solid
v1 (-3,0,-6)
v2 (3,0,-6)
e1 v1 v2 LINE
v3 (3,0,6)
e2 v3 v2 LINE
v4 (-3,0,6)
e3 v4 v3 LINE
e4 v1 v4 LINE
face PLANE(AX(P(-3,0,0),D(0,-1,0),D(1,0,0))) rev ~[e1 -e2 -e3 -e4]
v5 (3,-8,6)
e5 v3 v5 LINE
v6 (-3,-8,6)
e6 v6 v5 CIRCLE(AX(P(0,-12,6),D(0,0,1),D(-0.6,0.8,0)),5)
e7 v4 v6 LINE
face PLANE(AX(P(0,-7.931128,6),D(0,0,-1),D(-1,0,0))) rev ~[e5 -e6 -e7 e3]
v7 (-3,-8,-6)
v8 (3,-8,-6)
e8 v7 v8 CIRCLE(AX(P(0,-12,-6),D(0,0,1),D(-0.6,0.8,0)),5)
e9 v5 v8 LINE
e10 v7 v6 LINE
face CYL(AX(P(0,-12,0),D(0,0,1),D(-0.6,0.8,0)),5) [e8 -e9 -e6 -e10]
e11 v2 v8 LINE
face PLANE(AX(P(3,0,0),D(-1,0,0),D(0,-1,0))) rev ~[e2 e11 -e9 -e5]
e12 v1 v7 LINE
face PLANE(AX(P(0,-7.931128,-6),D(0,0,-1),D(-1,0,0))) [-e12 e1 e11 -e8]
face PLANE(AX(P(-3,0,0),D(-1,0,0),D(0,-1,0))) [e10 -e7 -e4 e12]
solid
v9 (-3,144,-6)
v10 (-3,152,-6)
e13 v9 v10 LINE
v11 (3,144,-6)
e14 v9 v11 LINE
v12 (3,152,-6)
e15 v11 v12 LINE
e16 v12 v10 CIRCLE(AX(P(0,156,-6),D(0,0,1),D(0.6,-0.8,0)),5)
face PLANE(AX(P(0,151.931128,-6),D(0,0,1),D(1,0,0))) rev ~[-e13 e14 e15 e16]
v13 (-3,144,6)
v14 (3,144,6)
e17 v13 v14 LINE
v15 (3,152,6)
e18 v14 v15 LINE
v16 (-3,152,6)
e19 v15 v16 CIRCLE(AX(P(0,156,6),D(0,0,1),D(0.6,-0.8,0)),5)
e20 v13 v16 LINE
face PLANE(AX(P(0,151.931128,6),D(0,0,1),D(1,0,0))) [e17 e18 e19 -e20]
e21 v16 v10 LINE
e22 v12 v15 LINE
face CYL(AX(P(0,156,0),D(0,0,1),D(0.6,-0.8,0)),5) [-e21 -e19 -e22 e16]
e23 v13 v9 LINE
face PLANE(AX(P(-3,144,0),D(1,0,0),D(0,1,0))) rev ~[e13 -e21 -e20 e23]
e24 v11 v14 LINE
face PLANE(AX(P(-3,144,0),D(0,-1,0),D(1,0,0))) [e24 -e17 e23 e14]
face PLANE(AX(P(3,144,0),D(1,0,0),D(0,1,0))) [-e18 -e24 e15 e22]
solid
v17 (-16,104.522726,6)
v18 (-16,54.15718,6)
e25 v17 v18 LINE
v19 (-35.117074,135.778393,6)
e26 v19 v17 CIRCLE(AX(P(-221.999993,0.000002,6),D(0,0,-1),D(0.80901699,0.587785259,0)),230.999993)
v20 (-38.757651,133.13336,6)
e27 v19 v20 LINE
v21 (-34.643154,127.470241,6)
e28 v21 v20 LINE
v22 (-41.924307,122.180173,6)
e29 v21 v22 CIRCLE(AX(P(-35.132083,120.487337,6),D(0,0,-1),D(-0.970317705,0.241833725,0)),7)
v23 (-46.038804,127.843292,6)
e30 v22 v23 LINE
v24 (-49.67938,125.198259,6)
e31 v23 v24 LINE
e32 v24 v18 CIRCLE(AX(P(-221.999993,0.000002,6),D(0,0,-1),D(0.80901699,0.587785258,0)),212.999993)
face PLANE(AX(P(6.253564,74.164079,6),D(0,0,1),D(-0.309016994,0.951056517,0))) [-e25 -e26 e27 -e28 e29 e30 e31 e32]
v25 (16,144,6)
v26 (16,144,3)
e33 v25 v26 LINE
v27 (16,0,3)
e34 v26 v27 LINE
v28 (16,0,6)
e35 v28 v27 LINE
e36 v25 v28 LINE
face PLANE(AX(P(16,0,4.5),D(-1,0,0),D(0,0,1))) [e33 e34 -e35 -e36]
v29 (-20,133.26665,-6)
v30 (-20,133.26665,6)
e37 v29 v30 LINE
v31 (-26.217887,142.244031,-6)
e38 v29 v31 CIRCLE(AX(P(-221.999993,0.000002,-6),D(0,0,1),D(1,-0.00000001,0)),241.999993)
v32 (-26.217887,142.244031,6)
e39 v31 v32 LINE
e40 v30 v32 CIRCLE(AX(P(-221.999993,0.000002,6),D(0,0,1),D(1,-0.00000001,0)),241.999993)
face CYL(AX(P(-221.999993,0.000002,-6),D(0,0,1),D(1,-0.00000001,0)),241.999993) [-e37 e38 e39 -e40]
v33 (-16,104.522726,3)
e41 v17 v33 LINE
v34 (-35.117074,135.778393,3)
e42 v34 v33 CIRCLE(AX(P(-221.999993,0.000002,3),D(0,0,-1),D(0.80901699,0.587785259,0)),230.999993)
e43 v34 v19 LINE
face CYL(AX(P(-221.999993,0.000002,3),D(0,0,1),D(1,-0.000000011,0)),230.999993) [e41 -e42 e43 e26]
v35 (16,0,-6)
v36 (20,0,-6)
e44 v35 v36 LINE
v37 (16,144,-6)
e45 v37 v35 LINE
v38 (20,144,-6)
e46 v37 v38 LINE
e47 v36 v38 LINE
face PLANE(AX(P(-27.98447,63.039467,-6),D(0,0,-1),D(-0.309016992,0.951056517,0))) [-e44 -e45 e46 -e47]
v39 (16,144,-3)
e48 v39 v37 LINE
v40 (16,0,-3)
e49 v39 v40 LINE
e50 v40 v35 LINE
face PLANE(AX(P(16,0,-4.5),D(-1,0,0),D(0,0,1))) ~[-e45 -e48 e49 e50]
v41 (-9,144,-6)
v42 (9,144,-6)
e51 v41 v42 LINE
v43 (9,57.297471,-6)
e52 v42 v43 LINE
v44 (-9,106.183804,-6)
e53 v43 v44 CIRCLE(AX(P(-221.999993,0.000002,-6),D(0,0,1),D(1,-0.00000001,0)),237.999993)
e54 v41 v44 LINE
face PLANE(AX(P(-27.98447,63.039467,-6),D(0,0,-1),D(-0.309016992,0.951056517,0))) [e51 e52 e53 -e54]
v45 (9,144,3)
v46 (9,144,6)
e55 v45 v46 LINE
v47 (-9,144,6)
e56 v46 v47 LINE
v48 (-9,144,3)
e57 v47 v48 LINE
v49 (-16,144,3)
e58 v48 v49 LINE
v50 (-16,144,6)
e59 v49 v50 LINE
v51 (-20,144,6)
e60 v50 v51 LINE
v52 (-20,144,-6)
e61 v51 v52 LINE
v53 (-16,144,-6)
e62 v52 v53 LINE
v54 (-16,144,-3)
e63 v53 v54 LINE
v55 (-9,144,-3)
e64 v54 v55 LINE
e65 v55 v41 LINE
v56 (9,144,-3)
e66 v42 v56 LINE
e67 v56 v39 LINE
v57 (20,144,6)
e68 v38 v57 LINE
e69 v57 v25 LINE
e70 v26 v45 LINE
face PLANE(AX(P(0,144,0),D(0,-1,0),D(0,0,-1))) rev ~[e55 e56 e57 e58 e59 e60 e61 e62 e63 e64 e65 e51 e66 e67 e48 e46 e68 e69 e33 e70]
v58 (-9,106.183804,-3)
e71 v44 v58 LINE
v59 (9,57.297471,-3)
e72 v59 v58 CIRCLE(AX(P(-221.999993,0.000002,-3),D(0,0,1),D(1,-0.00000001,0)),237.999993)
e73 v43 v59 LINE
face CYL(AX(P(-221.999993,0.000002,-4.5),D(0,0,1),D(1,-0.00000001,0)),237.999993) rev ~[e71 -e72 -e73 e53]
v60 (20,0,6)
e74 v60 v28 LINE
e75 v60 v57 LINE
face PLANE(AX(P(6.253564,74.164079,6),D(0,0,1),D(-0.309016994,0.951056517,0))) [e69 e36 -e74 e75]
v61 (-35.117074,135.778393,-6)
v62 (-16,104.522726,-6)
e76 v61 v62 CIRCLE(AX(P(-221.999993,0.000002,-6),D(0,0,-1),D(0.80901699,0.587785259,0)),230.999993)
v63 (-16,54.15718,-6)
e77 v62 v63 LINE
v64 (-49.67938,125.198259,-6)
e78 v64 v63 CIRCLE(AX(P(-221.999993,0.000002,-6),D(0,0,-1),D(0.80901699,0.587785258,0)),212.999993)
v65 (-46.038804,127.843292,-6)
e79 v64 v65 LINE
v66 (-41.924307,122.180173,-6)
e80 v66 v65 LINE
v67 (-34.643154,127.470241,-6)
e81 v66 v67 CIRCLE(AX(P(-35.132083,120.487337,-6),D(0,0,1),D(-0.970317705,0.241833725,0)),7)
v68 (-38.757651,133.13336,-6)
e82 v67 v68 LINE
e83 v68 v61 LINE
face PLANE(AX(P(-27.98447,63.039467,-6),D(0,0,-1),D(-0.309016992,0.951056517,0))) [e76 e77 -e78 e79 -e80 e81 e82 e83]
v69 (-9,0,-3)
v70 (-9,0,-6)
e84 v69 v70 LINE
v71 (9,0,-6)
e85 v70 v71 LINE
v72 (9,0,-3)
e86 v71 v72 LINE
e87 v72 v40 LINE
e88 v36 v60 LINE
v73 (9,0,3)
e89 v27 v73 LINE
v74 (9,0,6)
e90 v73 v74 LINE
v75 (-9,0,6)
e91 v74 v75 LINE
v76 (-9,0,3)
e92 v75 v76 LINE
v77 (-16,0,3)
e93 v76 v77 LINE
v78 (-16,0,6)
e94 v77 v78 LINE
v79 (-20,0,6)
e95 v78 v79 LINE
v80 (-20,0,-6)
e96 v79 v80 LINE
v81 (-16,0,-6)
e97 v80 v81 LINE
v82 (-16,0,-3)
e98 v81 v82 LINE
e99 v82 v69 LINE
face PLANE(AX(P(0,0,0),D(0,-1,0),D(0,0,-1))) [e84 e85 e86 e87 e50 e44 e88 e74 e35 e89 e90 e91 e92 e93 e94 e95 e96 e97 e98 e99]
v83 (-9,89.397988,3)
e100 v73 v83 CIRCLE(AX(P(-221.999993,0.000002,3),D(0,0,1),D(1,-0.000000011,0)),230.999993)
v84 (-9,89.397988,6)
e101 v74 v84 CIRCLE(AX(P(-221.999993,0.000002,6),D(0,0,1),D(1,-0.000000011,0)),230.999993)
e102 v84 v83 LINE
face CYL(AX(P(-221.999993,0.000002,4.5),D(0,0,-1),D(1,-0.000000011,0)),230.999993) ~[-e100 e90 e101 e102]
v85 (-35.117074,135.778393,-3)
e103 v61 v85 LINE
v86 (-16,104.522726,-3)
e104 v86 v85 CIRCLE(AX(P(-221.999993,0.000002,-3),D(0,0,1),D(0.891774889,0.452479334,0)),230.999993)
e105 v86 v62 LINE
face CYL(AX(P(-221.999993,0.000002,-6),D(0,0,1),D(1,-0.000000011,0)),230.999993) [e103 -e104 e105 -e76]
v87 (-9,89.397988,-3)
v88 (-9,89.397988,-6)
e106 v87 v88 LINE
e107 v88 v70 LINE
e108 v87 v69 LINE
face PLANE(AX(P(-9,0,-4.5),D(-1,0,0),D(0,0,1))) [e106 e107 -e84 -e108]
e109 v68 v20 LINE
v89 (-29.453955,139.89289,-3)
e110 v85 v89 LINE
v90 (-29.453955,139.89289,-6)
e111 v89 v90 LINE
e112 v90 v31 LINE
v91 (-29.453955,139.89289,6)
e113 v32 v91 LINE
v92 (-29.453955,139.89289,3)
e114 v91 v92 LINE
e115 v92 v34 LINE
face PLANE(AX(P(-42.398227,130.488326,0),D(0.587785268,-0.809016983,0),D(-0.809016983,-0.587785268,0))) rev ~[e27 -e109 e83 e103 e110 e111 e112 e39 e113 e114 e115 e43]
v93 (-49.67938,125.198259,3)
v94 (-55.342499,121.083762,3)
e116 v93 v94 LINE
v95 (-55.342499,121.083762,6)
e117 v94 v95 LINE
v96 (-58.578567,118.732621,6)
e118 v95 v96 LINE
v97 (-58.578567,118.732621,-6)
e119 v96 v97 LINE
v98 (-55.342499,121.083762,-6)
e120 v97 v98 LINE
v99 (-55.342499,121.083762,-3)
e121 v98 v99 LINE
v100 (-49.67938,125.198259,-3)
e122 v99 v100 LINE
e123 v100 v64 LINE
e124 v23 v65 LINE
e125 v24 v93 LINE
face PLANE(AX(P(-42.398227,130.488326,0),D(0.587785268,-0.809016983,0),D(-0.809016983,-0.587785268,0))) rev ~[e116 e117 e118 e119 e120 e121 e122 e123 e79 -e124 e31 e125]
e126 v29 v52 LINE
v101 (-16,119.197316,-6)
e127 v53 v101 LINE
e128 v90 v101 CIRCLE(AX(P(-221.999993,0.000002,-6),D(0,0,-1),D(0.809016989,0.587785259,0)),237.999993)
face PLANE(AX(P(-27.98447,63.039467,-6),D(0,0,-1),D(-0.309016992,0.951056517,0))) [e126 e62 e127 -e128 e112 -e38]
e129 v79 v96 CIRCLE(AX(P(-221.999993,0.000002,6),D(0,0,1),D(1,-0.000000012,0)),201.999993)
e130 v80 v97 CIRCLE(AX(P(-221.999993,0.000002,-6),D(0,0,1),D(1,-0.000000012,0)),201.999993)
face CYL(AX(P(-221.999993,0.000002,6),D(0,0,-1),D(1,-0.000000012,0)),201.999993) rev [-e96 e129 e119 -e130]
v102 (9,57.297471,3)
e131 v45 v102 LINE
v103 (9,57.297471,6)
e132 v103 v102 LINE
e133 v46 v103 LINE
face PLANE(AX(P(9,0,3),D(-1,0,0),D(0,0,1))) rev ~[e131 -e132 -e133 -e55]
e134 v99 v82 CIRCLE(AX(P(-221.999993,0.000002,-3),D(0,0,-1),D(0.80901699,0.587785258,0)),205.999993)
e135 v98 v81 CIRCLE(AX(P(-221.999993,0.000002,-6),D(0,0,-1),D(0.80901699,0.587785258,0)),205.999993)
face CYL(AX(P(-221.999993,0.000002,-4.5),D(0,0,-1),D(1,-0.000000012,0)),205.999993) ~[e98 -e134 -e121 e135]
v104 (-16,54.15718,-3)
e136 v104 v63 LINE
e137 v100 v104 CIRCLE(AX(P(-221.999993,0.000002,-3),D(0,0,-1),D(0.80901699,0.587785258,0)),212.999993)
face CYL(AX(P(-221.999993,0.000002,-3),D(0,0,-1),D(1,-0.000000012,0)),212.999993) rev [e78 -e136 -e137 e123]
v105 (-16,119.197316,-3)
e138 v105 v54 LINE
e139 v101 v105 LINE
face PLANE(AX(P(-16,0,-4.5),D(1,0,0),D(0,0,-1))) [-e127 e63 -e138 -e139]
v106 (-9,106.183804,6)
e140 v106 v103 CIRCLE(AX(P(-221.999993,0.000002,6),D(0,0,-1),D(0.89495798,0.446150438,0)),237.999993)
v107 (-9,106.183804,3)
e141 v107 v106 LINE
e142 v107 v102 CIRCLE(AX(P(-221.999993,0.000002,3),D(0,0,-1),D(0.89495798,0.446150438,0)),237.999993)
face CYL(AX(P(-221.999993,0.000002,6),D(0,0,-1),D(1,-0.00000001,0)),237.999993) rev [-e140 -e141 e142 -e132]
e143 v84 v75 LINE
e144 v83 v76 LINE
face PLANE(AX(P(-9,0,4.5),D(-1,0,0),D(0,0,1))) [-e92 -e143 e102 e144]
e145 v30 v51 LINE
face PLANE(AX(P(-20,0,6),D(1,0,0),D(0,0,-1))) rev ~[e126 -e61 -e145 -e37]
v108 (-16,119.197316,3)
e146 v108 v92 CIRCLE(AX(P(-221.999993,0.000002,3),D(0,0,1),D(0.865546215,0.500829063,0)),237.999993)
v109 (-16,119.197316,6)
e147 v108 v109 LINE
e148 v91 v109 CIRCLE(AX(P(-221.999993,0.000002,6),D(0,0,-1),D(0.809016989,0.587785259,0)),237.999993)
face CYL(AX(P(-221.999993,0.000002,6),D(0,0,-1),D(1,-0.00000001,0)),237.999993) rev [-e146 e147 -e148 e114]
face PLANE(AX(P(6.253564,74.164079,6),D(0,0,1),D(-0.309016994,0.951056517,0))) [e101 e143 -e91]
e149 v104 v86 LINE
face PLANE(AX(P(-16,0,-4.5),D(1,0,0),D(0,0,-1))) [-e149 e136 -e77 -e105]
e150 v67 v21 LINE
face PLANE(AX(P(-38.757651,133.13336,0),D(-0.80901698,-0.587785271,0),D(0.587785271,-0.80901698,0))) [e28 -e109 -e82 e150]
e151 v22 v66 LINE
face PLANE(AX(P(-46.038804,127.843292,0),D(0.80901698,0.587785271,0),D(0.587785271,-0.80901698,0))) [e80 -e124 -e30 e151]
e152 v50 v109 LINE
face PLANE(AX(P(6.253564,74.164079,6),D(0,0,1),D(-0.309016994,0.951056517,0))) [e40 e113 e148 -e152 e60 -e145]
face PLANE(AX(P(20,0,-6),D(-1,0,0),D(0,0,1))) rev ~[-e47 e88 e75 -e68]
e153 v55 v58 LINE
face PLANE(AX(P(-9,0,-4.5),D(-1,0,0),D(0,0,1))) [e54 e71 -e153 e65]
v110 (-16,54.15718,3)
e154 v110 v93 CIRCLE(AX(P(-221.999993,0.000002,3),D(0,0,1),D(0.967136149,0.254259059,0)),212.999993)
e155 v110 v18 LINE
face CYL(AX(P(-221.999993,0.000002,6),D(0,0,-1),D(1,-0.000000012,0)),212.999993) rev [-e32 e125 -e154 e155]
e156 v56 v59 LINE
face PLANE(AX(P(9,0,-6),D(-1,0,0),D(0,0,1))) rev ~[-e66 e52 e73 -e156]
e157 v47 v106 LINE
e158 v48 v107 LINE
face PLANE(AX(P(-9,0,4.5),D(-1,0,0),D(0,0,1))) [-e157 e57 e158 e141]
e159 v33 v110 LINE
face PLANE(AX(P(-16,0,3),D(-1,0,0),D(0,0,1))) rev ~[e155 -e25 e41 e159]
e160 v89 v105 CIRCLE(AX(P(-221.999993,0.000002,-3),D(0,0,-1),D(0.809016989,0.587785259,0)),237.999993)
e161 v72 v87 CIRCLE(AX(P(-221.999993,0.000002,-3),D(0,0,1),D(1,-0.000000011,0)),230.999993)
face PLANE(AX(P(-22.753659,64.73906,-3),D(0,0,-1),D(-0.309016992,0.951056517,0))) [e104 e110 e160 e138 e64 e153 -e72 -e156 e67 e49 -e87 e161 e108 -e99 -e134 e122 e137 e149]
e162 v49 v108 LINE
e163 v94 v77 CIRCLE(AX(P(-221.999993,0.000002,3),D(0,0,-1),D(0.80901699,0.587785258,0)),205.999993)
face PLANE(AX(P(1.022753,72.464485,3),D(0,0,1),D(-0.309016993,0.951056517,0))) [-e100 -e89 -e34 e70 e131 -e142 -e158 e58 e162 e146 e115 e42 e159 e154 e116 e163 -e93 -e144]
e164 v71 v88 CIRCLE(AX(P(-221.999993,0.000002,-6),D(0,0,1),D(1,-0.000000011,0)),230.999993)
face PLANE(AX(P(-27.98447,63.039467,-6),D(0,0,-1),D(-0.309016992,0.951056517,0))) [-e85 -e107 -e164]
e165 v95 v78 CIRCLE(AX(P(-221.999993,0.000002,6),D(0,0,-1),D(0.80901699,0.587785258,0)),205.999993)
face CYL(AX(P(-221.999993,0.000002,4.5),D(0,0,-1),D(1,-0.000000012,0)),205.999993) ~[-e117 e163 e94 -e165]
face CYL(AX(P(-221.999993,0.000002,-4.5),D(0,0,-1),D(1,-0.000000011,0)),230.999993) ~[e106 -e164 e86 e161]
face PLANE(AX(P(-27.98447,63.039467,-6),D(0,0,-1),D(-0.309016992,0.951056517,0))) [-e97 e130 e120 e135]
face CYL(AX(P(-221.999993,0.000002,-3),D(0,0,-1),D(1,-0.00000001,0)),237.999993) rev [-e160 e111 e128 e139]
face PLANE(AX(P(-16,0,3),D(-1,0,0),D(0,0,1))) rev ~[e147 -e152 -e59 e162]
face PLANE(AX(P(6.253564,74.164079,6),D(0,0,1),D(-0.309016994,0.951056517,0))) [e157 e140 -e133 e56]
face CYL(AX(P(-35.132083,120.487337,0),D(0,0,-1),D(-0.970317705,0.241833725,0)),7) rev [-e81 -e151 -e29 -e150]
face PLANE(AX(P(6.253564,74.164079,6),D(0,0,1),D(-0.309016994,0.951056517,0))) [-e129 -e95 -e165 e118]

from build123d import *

# Parameters (mm, degrees)
SKETCH004_W       = 7
SKETCH004_H       = 3
SKETCH005_W       = 7
SKETCH005_H       = 3
SKETCH009_W       = 7
SKETCH009_H       = 3
SKETCH010_W       = 7
SKETCH010_H       = 3
POCKET_DEPTH      = 6.001
POCKET_DEPTH_BACK = -6.001
PAD_DEPTH         = 6
PAD001_DEPTH      = 6


with BuildPart() as body:
    # AdditivePipe: sweep along a path in Sketch002
    with BuildLine(Plane.XY) as additivepipe_path:
        ThreePointArc((0, 0), (-10.865453, 68.601773), (-42.398227, 130.488326))
    # Sketch → AdditivePipe (sweep)
    with BuildSketch(Plane.XZ):
        Polygon((-20, 6), (-20, -6), (-16, -6), (-16, -3), (-9, -3), (-9, -6), (9, -6), (9, -3), (16, -3), (16, -6), (20, -6), (20, 6), (16, 6), (16, 3), (9, 3), (9, 6), (-9, 6), (-9, 3), (-16, 3), (-16, 6), align=None)
    sweep(path=additivepipe_path.line)

    # AdditivePipe001: sweep along a path in Sketch001
    with BuildLine(Plane.XY) as additivepipe001_path:
        Line((0, 0), (0, 144))
    # Sketch → AdditivePipe001 (sweep)
    with BuildSketch(Plane.XZ):
        Polygon((-20, 6), (-20, -6), (-16, -6), (-16, -3), (-9, -3), (-9, -6), (9, -6), (9, -3), (16, -3), (16, -6), (20, -6), (20, 6), (16, 6), (16, 3), (9, 3), (9, 6), (-9, 6), (-9, 3), (-16, 3), (-16, 6), align=None)
    sweep(path=additivepipe001_path.line)

    # SubtractivePipe: sweep along a path in Sketch001
    with BuildLine(Plane.XY) as subtractivepipe_path:
        Line((0, 0), (0, 144))
    # Sketch004 → SubtractivePipe (sweep, cut)
    with BuildSketch(Plane.XZ):
        with Locations((-12.5, 4.5)):
            Rectangle(SKETCH004_W, SKETCH004_H)
    sweep(path=subtractivepipe_path.line, mode=Mode.SUBTRACT)

    # SubtractivePipe001: sweep along a path in Sketch002
    with BuildLine(Plane.XY) as subtractivepipe001_path:
        ThreePointArc((0, 0), (-10.865453, 68.601773), (-42.398227, 130.488326))
    # Sketch004 → SubtractivePipe001 (sweep, cut)
    with BuildSketch(Plane.XZ):
        with Locations((-12.5, 4.5)):
            Rectangle(SKETCH004_W, SKETCH004_H)
    sweep(path=subtractivepipe001_path.line, mode=Mode.SUBTRACT)

    # SubtractivePipe002: sweep along a path in Sketch002
    with BuildLine(Plane.XY) as subtractivepipe002_path:
        ThreePointArc((0, 0), (-10.865453, 68.601773), (-42.398227, 130.488326))
    # Sketch005 (on Face1 of SubtractivePipe001) → SubtractivePipe002 (sweep, cut)
    with BuildSketch(Plane.XZ):
        with Locations((12.5, 4.5)):
            Rectangle(SKETCH005_W, SKETCH005_H)
    sweep(path=subtractivepipe002_path.line, mode=Mode.SUBTRACT)

    # SubtractivePipe003: sweep along a path in Sketch001
    with BuildLine(Plane.XY) as subtractivepipe003_path:
        Line((0, 0), (0, 144))
    # Sketch005 (on Face1 of SubtractivePipe001) → SubtractivePipe003 (sweep, cut)
    with BuildSketch(Plane.XZ):
        with Locations((12.5, 4.5)):
            Rectangle(SKETCH005_W, SKETCH005_H)
    subtractivepipe003 = sweep(path=subtractivepipe003_path.line, mode=Mode.SUBTRACT)

    # Mirrored: SubtractivePipe003 across XY
    add(subtractivepipe003.mirror(Plane.XY), mode=Mode.SUBTRACT)

    # SubtractivePipe004: sweep along a path in Sketch002
    with BuildLine(Plane.XY) as subtractivepipe004_path:
        ThreePointArc((0, 0), (-10.865453, 68.601773), (-42.398227, 130.488326))
    # Sketch009 → SubtractivePipe004 (sweep, cut)
    with BuildSketch(Plane.XZ):
        with Locations((-12.5, -4.5)):
            Rectangle(SKETCH009_W, SKETCH009_H)
    sweep(path=subtractivepipe004_path.line, mode=Mode.SUBTRACT)

    # SubtractivePipe005: sweep along a path in Sketch001
    with BuildLine(Plane.XY) as subtractivepipe005_path:
        Line((0, 0), (0, 144))
    # Sketch009 → SubtractivePipe005 (sweep, cut)
    with BuildSketch(Plane.XZ):
        with Locations((-12.5, -4.5)):
            Rectangle(SKETCH009_W, SKETCH009_H)
    sweep(path=subtractivepipe005_path.line, mode=Mode.SUBTRACT)

    # SubtractivePipe006: sweep along a path in Sketch002
    with BuildLine(Plane.XY) as subtractivepipe006_path:
        ThreePointArc((0, 0), (-10.865453, 68.601773), (-42.398227, 130.488326))
    # Sketch010 (on Face1 of SubtractivePipe005) → SubtractivePipe006 (sweep, cut)
    with BuildSketch(Plane.XZ):
        with Locations((12.5, -4.5)):
            Rectangle(SKETCH010_W, SKETCH010_H)
    sweep(path=subtractivepipe006_path.line, mode=Mode.SUBTRACT)

    # Sketch012 → Pocket (cut, two sides)
    with BuildSketch(Plane.XY) as pocket_sk:
        with BuildLine():
            Line((-46.038804, 127.843292), (-38.757651, 133.13336))
            Line((-38.757651, 133.13336), (-34.643154, 127.470241))
            ThreePointArc((-41.924307, 122.180173), (-31.017586, 114.824218), (-34.643154, 127.470241))
            Line((-46.038804, 127.843292), (-41.924307, 122.180173))
        make_face()
    extrude(amount=-POCKET_DEPTH, mode=Mode.SUBTRACT)
    extrude(pocket_sk.sketch, amount=-POCKET_DEPTH_BACK, mode=Mode.SUBTRACT)


with BuildPart() as body001:
    # Sketch008 → Pad (new body, symmetric)
    with BuildSketch(Plane.XY):
        with BuildLine():
            Line((-3, 0), (3, 0))
            Line((3, 0), (3, -8))
            ThreePointArc((-3, -8), (0, -17), (3, -8))
            Line((-3, 0), (-3, -8))
        make_face()
    extrude(amount=PAD_DEPTH, both=True)


with BuildPart() as body002:
    # Sketch011 → Pad001 (new body, symmetric)
    with BuildSketch(Plane.XY):
        with BuildLine():
            Line((-3, 144), (3, 144))
            Line((3, 144), (3, 152))
            ThreePointArc((3, 152), (0, 161), (-3, 152))
            Line((-3, 144), (-3, 152))
        make_face()
    extrude(amount=PAD001_DEPTH, both=True)


solid = Compound([body.part, body001.part, body002.part])
